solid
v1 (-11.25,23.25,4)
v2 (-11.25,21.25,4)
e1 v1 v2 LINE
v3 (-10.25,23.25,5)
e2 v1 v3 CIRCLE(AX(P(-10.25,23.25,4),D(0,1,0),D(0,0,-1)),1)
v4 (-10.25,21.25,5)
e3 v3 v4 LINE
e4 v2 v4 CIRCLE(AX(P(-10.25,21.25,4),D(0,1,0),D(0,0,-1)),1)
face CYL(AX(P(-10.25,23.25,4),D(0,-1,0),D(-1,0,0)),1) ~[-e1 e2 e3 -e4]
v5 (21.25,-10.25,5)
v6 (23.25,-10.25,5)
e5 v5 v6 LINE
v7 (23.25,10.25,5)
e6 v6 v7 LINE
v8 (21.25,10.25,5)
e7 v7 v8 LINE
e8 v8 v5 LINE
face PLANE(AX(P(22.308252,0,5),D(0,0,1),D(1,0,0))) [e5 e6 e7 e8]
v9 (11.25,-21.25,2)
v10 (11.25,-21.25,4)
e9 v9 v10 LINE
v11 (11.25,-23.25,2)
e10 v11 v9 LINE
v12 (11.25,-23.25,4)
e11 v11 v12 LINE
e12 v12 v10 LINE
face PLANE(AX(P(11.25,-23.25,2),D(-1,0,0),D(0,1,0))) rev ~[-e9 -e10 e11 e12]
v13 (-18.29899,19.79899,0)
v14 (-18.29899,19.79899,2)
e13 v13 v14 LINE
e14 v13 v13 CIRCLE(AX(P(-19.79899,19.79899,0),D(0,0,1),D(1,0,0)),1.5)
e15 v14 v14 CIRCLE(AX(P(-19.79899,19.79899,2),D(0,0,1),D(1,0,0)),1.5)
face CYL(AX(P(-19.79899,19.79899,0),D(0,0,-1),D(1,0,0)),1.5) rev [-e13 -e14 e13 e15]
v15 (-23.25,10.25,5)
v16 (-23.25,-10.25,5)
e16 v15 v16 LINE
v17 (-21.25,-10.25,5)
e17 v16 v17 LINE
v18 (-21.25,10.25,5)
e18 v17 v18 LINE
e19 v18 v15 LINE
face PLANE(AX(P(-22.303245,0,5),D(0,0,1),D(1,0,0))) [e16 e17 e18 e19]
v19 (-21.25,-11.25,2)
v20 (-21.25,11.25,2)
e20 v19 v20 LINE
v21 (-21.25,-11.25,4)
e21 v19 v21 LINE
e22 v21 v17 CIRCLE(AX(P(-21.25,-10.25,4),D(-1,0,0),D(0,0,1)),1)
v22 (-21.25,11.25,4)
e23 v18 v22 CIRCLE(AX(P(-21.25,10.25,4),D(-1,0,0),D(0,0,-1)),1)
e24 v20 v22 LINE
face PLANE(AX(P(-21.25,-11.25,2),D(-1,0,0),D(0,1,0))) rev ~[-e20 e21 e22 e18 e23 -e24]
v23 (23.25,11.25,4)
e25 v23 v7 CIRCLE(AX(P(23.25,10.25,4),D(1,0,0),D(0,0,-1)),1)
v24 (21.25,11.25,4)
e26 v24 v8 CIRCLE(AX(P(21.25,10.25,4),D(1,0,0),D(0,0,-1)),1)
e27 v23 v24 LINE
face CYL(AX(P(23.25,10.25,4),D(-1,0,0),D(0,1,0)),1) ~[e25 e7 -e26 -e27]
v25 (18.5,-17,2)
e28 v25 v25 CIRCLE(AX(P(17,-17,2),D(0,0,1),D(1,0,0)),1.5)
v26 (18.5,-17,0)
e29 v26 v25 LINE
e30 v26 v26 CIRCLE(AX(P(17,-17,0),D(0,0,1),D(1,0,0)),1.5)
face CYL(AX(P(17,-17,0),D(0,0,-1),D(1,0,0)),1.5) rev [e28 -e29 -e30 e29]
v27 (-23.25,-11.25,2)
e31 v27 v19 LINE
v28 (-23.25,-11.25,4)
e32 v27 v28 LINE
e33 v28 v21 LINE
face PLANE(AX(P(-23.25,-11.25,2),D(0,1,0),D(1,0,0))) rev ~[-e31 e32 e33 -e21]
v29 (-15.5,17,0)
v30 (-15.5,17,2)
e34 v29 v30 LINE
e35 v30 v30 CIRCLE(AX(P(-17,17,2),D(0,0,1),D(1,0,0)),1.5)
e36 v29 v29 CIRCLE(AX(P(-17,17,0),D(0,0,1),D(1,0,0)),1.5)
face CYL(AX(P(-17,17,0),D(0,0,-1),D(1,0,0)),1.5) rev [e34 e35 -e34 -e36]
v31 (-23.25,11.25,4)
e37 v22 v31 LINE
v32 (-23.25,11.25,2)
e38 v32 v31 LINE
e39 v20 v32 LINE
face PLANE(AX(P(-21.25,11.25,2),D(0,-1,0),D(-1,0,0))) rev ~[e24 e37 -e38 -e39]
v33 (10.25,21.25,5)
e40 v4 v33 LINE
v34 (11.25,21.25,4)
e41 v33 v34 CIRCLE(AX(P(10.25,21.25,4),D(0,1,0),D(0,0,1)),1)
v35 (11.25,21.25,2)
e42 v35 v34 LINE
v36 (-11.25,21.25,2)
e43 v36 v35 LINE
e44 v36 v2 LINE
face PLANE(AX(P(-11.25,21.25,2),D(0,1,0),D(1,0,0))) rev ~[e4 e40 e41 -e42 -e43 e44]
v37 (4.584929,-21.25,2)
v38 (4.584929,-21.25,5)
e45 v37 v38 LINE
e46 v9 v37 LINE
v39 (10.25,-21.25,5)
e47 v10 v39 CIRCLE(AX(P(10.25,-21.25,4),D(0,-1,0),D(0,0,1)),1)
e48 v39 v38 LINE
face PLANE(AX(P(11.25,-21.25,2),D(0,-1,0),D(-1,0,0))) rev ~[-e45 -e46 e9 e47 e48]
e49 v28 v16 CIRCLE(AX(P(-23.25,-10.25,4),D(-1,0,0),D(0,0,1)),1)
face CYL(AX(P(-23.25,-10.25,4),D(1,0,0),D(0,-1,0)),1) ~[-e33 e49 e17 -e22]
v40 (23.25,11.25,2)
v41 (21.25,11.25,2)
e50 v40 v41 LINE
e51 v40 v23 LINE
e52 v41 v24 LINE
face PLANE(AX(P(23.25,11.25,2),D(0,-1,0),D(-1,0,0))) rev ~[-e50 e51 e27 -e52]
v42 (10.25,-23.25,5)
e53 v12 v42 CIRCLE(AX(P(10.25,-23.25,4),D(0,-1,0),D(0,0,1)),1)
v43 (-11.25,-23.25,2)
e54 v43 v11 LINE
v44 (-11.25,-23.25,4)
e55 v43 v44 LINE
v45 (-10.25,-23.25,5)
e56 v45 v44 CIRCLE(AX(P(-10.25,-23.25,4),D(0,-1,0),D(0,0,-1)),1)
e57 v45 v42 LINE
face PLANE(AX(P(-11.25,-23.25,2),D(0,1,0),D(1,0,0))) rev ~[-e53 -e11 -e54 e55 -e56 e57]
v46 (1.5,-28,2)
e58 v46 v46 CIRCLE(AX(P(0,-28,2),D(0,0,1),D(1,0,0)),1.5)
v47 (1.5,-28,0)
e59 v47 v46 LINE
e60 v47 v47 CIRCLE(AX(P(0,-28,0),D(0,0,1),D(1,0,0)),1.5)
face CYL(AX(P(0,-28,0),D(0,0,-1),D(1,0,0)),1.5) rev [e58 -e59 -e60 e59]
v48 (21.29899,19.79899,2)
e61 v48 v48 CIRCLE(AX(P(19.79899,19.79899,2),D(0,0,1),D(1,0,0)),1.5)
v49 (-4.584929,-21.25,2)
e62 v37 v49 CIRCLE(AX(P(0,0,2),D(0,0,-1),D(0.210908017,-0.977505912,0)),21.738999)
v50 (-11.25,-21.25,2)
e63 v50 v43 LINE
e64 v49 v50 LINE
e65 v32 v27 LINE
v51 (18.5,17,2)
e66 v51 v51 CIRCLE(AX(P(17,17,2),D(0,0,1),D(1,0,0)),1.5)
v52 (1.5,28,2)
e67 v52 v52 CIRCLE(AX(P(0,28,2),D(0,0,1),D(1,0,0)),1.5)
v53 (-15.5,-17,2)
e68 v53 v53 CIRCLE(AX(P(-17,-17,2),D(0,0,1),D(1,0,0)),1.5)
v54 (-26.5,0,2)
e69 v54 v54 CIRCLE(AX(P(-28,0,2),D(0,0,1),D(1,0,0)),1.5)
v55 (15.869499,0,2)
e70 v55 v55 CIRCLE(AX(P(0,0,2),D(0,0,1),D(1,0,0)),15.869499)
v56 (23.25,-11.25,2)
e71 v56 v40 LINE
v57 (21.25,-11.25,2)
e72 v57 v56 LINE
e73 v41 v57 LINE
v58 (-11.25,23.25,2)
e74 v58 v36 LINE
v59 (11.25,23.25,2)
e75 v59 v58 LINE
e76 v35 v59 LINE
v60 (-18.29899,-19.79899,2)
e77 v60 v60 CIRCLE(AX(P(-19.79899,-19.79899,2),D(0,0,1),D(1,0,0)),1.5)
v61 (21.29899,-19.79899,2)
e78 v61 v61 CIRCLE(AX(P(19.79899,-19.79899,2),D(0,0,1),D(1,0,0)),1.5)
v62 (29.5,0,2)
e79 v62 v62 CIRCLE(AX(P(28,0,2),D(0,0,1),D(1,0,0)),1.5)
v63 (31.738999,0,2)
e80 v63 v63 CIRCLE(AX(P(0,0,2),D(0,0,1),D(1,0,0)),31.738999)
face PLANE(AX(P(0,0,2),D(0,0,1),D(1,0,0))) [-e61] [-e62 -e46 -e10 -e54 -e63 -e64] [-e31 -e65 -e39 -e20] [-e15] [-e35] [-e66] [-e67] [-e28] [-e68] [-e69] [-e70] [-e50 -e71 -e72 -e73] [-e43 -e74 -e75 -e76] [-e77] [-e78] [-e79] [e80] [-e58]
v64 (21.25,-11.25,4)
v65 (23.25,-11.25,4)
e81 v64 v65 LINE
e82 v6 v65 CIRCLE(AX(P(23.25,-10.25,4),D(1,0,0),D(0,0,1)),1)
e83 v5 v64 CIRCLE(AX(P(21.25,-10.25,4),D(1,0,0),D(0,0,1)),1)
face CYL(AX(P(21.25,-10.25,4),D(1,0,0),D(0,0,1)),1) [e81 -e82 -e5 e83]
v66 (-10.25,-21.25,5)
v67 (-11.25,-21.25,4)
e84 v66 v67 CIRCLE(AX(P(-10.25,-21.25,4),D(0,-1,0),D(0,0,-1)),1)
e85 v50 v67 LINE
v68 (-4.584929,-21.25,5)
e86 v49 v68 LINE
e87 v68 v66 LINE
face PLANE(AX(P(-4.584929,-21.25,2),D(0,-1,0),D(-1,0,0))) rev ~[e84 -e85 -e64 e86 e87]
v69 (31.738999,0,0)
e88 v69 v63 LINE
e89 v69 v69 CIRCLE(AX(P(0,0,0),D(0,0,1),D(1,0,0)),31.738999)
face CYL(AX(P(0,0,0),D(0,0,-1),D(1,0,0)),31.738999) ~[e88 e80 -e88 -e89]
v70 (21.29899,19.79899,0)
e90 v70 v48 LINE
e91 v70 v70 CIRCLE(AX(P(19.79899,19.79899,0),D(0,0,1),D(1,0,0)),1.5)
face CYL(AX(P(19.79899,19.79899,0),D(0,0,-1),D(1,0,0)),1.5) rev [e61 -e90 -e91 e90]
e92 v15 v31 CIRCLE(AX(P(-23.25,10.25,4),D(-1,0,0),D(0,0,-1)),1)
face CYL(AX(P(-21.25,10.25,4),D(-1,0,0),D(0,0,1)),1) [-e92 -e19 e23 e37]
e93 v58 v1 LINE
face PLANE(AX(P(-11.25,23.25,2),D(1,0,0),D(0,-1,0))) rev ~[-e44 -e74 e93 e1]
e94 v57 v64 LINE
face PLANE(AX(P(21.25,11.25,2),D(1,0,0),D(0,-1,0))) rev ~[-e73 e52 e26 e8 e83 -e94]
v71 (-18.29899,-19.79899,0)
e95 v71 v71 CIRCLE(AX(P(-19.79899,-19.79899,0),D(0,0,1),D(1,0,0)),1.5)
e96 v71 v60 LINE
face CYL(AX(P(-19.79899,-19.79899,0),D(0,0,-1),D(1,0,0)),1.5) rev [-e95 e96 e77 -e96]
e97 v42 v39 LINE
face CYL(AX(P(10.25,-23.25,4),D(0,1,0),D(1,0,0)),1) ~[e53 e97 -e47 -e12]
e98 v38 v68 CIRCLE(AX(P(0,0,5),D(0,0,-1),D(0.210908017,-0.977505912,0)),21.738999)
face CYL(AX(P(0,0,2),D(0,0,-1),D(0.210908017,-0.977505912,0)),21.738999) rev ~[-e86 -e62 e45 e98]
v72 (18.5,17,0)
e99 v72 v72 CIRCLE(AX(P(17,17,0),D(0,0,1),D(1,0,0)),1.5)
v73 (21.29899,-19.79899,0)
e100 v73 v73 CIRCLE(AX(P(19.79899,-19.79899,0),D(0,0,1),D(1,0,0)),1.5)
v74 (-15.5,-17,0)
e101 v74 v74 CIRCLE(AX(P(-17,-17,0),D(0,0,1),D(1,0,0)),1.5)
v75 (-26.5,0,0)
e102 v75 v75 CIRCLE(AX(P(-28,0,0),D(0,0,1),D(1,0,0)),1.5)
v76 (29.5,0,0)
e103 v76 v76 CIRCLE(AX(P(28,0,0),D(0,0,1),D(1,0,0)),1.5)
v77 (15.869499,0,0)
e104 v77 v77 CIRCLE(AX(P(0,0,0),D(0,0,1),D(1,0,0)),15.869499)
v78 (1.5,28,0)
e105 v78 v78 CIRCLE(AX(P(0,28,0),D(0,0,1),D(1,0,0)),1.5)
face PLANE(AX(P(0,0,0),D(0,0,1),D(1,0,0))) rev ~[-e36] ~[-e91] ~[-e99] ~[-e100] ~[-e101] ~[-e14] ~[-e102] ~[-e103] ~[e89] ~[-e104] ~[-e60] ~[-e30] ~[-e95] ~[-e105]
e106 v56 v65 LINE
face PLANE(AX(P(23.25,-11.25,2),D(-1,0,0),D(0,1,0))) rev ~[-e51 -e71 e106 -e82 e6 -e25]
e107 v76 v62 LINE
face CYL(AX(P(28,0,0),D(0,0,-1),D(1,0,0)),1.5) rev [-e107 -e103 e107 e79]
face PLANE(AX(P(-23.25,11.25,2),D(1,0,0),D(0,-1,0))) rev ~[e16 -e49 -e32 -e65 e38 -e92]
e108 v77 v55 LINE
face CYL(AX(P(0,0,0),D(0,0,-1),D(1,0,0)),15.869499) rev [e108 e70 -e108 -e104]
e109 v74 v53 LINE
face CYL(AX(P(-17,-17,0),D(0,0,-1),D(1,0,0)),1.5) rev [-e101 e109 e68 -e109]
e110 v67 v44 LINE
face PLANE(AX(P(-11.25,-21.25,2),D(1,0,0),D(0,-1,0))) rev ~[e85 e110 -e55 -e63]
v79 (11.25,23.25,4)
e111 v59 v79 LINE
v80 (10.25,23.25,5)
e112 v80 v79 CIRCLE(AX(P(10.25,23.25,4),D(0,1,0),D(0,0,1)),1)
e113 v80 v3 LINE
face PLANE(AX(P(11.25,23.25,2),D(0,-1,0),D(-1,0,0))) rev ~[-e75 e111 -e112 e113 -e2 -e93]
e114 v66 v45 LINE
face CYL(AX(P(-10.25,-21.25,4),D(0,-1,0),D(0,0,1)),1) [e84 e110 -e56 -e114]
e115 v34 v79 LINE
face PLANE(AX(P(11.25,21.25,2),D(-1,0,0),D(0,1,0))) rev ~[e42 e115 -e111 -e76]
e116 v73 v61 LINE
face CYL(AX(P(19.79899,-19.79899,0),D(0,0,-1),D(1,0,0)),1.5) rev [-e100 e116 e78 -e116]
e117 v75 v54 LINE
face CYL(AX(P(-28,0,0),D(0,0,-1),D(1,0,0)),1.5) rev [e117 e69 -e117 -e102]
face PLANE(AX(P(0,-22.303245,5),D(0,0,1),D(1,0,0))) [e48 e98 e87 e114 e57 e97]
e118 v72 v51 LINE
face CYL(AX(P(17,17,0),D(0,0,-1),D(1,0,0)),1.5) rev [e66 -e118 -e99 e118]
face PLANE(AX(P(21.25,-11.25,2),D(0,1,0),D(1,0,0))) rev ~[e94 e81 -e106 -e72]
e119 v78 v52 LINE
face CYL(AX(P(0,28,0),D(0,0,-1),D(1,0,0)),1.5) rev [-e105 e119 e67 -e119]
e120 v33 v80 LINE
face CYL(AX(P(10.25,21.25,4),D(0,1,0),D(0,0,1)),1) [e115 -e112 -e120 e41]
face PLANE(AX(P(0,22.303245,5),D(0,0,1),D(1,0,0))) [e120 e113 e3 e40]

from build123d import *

# Parameters (mm, degrees)
SKETCH_1_R      = 31.73899895
SKETCH_1_R_2    = 15.869499475
SKETCH_1_R_3    = 1.5
EXTRUDE_2_DEPTH = 2
EXTRUDE_3_DEPTH = 3
FILLET_1_R      = 1
FILLET_2_R      = 1
FILLET_3_R      = 1
FILLET_4_R      = 1
FILLET_5_R      = 1
FILLET_6_R      = 1
FILLET_7_R      = 1
FILLET_8_R      = 1


with BuildPart() as part:
    # 草图1 → 凸台-拉伸2 (new body)
    with BuildSketch(Plane.XY):
        Circle(SKETCH_1_R)
        Circle(SKETCH_1_R_2, mode=Mode.SUBTRACT)
        with Locations((-17, 17)):
            Circle(SKETCH_1_R_3, mode=Mode.SUBTRACT)
        with Locations((17, 17)):
            Circle(SKETCH_1_R_3, mode=Mode.SUBTRACT)
        with Locations((17, -17)):
            Circle(SKETCH_1_R_3, mode=Mode.SUBTRACT)
        with Locations((-17, -17)):
            Circle(SKETCH_1_R_3, mode=Mode.SUBTRACT)
        with Locations((-19.798989873, 19.798989873)):
            Circle(SKETCH_1_R_3, mode=Mode.SUBTRACT)
        with Locations((0, 28)):
            Circle(SKETCH_1_R_3, mode=Mode.SUBTRACT)
        with Locations((19.798989873, 19.798989873)):
            Circle(SKETCH_1_R_3, mode=Mode.SUBTRACT)
        with Locations((28, 0)):
            Circle(SKETCH_1_R_3, mode=Mode.SUBTRACT)
        with Locations((19.798989873, -19.798989873)):
            Circle(SKETCH_1_R_3, mode=Mode.SUBTRACT)
        with Locations((0, -28)):
            Circle(SKETCH_1_R_3, mode=Mode.SUBTRACT)
        with Locations((-19.798989873, -19.798989873)):
            Circle(SKETCH_1_R_3, mode=Mode.SUBTRACT)
        with Locations((-28, 0)):
            Circle(SKETCH_1_R_3, mode=Mode.SUBTRACT)
    extrude(amount=EXTRUDE_2_DEPTH)

    # 草图2 → 凸台-拉伸3 (add)
    with BuildSketch(Plane.XY.offset(2)):
        with BuildLine():
            Line((11.25, 23.25), (-11.25, 23.25))
            Line((-11.25, 23.25), (-11.25, 21.25))
            Line((-11.25, 21.25), (-4.584929155, 21.25))
            ThreePointArc((-4.584929155, 21.25), (0, 21.73899895), (4.584929155, 21.25))
            Line((4.584929155, 21.25), (11.25, 21.25))
            Line((11.25, 21.25), (11.25, 23.25))
        make_face()
        with BuildLine():
            Line((-23.25, 11.25), (-23.25, -11.25))
            Line((-23.25, -11.25), (-21.25, -11.25))
            Line((-21.25, -11.25), (-21.25, -4.584929155))
            ThreePointArc((-21.25, -4.584929155), (-21.73899895, 0), (-21.25, 4.584929155))
            Line((-21.25, 4.584929155), (-21.25, 11.25))
            Line((-21.25, 11.25), (-23.25, 11.25))
        make_face()
        with BuildLine():
            Line((21.25, -11.25), (23.25, -11.25))
            Line((23.25, -11.25), (23.25, 11.25))
            Line((23.25, 11.25), (21.25, 11.25))
            Line((21.25, 11.25), (21.25, 4.584929155))
            ThreePointArc((21.25, 4.584929155), (21.616403529, 2.305466077), (21.73899895, 0))
            ThreePointArc((21.73899895, 0), (21.616403529, -2.305466077), (21.25, -4.584929155))
            Line((21.25, -4.584929155), (21.25, -11.25))
        make_face()
        with BuildLine():
            Line((-11.25, -21.25), (-11.25, -23.25))
            Line((-11.25, -23.25), (11.25, -23.25))
            Line((11.25, -23.25), (11.25, -21.25))
            Line((11.25, -21.25), (4.584929155, -21.25))
            ThreePointArc((4.584929155, -21.25), (0, -21.73899895), (-4.584929155, -21.25))
            Line((-4.584929155, -21.25), (-11.25, -21.25))
        make_face()
        with BuildLine():
            ThreePointArc((-21.25, 4.584929155), (-21.73899895, 0), (-21.25, -4.584929155))
            Line((-21.25, -4.584929155), (-21.25, 4.584929155))
        make_face()
        with BuildLine():
            ThreePointArc((4.584929155, 21.25), (0, 21.73899895), (-4.584929155, 21.25))
            Line((-4.584929155, 21.25), (4.584929155, 21.25))
        make_face()
        with BuildLine():
            Line((21.25, 4.584929155), (21.25, -4.584929155))
            ThreePointArc((21.25, -4.584929155), (21.616403529, -2.305466077), (21.73899895, 0))
            ThreePointArc((21.73899895, 0), (21.616403529, 2.305466077), (21.25, 4.584929155))
        make_face()
    extrude(amount=EXTRUDE_3_DEPTH)

    # 圆角1
    fillet_1_edges = [part.edges().sort_by_distance(p)[0] for p in [
        (-22.25, -11.25, 5),
    ]]
    fillet(fillet_1_edges, radius=FILLET_1_R)

    # 圆角2
    fillet_2_edges = [part.edges().sort_by_distance(p)[0] for p in [
        (-22.25, 11.25, 5),
    ]]
    fillet(fillet_2_edges, radius=FILLET_2_R)

    # 圆角3
    fillet_3_edges = [part.edges().sort_by_distance(p)[0] for p in [
        (-11.25, 22.25, 5),
    ]]
    fillet(fillet_3_edges, radius=FILLET_3_R)

    # 圆角4
    fillet_4_edges = [part.edges().sort_by_distance(p)[0] for p in [
        (11.25, 22.25, 5),
    ]]
    fillet(fillet_4_edges, radius=FILLET_4_R)

    # 圆角5
    fillet_5_edges = [part.edges().sort_by_distance(p)[0] for p in [
        (22.25, 11.25, 5),
    ]]
    fillet(fillet_5_edges, radius=FILLET_5_R)

    # 圆角6
    fillet_6_edges = [part.edges().sort_by_distance(p)[0] for p in [
        (22.25, -11.25, 5),
    ]]
    fillet(fillet_6_edges, radius=FILLET_6_R)

    # 圆角7
    fillet_7_edges = [part.edges().sort_by_distance(p)[0] for p in [
        (11.25, -22.25, 5),
    ]]
    fillet(fillet_7_edges, radius=FILLET_7_R)

    # 圆角8
    fillet_8_edges = [part.edges().sort_by_distance(p)[0] for p in [
        (-11.25, -22.25, 5),
    ]]
    fillet(fillet_8_edges, radius=FILLET_8_R)


solid = part.part
